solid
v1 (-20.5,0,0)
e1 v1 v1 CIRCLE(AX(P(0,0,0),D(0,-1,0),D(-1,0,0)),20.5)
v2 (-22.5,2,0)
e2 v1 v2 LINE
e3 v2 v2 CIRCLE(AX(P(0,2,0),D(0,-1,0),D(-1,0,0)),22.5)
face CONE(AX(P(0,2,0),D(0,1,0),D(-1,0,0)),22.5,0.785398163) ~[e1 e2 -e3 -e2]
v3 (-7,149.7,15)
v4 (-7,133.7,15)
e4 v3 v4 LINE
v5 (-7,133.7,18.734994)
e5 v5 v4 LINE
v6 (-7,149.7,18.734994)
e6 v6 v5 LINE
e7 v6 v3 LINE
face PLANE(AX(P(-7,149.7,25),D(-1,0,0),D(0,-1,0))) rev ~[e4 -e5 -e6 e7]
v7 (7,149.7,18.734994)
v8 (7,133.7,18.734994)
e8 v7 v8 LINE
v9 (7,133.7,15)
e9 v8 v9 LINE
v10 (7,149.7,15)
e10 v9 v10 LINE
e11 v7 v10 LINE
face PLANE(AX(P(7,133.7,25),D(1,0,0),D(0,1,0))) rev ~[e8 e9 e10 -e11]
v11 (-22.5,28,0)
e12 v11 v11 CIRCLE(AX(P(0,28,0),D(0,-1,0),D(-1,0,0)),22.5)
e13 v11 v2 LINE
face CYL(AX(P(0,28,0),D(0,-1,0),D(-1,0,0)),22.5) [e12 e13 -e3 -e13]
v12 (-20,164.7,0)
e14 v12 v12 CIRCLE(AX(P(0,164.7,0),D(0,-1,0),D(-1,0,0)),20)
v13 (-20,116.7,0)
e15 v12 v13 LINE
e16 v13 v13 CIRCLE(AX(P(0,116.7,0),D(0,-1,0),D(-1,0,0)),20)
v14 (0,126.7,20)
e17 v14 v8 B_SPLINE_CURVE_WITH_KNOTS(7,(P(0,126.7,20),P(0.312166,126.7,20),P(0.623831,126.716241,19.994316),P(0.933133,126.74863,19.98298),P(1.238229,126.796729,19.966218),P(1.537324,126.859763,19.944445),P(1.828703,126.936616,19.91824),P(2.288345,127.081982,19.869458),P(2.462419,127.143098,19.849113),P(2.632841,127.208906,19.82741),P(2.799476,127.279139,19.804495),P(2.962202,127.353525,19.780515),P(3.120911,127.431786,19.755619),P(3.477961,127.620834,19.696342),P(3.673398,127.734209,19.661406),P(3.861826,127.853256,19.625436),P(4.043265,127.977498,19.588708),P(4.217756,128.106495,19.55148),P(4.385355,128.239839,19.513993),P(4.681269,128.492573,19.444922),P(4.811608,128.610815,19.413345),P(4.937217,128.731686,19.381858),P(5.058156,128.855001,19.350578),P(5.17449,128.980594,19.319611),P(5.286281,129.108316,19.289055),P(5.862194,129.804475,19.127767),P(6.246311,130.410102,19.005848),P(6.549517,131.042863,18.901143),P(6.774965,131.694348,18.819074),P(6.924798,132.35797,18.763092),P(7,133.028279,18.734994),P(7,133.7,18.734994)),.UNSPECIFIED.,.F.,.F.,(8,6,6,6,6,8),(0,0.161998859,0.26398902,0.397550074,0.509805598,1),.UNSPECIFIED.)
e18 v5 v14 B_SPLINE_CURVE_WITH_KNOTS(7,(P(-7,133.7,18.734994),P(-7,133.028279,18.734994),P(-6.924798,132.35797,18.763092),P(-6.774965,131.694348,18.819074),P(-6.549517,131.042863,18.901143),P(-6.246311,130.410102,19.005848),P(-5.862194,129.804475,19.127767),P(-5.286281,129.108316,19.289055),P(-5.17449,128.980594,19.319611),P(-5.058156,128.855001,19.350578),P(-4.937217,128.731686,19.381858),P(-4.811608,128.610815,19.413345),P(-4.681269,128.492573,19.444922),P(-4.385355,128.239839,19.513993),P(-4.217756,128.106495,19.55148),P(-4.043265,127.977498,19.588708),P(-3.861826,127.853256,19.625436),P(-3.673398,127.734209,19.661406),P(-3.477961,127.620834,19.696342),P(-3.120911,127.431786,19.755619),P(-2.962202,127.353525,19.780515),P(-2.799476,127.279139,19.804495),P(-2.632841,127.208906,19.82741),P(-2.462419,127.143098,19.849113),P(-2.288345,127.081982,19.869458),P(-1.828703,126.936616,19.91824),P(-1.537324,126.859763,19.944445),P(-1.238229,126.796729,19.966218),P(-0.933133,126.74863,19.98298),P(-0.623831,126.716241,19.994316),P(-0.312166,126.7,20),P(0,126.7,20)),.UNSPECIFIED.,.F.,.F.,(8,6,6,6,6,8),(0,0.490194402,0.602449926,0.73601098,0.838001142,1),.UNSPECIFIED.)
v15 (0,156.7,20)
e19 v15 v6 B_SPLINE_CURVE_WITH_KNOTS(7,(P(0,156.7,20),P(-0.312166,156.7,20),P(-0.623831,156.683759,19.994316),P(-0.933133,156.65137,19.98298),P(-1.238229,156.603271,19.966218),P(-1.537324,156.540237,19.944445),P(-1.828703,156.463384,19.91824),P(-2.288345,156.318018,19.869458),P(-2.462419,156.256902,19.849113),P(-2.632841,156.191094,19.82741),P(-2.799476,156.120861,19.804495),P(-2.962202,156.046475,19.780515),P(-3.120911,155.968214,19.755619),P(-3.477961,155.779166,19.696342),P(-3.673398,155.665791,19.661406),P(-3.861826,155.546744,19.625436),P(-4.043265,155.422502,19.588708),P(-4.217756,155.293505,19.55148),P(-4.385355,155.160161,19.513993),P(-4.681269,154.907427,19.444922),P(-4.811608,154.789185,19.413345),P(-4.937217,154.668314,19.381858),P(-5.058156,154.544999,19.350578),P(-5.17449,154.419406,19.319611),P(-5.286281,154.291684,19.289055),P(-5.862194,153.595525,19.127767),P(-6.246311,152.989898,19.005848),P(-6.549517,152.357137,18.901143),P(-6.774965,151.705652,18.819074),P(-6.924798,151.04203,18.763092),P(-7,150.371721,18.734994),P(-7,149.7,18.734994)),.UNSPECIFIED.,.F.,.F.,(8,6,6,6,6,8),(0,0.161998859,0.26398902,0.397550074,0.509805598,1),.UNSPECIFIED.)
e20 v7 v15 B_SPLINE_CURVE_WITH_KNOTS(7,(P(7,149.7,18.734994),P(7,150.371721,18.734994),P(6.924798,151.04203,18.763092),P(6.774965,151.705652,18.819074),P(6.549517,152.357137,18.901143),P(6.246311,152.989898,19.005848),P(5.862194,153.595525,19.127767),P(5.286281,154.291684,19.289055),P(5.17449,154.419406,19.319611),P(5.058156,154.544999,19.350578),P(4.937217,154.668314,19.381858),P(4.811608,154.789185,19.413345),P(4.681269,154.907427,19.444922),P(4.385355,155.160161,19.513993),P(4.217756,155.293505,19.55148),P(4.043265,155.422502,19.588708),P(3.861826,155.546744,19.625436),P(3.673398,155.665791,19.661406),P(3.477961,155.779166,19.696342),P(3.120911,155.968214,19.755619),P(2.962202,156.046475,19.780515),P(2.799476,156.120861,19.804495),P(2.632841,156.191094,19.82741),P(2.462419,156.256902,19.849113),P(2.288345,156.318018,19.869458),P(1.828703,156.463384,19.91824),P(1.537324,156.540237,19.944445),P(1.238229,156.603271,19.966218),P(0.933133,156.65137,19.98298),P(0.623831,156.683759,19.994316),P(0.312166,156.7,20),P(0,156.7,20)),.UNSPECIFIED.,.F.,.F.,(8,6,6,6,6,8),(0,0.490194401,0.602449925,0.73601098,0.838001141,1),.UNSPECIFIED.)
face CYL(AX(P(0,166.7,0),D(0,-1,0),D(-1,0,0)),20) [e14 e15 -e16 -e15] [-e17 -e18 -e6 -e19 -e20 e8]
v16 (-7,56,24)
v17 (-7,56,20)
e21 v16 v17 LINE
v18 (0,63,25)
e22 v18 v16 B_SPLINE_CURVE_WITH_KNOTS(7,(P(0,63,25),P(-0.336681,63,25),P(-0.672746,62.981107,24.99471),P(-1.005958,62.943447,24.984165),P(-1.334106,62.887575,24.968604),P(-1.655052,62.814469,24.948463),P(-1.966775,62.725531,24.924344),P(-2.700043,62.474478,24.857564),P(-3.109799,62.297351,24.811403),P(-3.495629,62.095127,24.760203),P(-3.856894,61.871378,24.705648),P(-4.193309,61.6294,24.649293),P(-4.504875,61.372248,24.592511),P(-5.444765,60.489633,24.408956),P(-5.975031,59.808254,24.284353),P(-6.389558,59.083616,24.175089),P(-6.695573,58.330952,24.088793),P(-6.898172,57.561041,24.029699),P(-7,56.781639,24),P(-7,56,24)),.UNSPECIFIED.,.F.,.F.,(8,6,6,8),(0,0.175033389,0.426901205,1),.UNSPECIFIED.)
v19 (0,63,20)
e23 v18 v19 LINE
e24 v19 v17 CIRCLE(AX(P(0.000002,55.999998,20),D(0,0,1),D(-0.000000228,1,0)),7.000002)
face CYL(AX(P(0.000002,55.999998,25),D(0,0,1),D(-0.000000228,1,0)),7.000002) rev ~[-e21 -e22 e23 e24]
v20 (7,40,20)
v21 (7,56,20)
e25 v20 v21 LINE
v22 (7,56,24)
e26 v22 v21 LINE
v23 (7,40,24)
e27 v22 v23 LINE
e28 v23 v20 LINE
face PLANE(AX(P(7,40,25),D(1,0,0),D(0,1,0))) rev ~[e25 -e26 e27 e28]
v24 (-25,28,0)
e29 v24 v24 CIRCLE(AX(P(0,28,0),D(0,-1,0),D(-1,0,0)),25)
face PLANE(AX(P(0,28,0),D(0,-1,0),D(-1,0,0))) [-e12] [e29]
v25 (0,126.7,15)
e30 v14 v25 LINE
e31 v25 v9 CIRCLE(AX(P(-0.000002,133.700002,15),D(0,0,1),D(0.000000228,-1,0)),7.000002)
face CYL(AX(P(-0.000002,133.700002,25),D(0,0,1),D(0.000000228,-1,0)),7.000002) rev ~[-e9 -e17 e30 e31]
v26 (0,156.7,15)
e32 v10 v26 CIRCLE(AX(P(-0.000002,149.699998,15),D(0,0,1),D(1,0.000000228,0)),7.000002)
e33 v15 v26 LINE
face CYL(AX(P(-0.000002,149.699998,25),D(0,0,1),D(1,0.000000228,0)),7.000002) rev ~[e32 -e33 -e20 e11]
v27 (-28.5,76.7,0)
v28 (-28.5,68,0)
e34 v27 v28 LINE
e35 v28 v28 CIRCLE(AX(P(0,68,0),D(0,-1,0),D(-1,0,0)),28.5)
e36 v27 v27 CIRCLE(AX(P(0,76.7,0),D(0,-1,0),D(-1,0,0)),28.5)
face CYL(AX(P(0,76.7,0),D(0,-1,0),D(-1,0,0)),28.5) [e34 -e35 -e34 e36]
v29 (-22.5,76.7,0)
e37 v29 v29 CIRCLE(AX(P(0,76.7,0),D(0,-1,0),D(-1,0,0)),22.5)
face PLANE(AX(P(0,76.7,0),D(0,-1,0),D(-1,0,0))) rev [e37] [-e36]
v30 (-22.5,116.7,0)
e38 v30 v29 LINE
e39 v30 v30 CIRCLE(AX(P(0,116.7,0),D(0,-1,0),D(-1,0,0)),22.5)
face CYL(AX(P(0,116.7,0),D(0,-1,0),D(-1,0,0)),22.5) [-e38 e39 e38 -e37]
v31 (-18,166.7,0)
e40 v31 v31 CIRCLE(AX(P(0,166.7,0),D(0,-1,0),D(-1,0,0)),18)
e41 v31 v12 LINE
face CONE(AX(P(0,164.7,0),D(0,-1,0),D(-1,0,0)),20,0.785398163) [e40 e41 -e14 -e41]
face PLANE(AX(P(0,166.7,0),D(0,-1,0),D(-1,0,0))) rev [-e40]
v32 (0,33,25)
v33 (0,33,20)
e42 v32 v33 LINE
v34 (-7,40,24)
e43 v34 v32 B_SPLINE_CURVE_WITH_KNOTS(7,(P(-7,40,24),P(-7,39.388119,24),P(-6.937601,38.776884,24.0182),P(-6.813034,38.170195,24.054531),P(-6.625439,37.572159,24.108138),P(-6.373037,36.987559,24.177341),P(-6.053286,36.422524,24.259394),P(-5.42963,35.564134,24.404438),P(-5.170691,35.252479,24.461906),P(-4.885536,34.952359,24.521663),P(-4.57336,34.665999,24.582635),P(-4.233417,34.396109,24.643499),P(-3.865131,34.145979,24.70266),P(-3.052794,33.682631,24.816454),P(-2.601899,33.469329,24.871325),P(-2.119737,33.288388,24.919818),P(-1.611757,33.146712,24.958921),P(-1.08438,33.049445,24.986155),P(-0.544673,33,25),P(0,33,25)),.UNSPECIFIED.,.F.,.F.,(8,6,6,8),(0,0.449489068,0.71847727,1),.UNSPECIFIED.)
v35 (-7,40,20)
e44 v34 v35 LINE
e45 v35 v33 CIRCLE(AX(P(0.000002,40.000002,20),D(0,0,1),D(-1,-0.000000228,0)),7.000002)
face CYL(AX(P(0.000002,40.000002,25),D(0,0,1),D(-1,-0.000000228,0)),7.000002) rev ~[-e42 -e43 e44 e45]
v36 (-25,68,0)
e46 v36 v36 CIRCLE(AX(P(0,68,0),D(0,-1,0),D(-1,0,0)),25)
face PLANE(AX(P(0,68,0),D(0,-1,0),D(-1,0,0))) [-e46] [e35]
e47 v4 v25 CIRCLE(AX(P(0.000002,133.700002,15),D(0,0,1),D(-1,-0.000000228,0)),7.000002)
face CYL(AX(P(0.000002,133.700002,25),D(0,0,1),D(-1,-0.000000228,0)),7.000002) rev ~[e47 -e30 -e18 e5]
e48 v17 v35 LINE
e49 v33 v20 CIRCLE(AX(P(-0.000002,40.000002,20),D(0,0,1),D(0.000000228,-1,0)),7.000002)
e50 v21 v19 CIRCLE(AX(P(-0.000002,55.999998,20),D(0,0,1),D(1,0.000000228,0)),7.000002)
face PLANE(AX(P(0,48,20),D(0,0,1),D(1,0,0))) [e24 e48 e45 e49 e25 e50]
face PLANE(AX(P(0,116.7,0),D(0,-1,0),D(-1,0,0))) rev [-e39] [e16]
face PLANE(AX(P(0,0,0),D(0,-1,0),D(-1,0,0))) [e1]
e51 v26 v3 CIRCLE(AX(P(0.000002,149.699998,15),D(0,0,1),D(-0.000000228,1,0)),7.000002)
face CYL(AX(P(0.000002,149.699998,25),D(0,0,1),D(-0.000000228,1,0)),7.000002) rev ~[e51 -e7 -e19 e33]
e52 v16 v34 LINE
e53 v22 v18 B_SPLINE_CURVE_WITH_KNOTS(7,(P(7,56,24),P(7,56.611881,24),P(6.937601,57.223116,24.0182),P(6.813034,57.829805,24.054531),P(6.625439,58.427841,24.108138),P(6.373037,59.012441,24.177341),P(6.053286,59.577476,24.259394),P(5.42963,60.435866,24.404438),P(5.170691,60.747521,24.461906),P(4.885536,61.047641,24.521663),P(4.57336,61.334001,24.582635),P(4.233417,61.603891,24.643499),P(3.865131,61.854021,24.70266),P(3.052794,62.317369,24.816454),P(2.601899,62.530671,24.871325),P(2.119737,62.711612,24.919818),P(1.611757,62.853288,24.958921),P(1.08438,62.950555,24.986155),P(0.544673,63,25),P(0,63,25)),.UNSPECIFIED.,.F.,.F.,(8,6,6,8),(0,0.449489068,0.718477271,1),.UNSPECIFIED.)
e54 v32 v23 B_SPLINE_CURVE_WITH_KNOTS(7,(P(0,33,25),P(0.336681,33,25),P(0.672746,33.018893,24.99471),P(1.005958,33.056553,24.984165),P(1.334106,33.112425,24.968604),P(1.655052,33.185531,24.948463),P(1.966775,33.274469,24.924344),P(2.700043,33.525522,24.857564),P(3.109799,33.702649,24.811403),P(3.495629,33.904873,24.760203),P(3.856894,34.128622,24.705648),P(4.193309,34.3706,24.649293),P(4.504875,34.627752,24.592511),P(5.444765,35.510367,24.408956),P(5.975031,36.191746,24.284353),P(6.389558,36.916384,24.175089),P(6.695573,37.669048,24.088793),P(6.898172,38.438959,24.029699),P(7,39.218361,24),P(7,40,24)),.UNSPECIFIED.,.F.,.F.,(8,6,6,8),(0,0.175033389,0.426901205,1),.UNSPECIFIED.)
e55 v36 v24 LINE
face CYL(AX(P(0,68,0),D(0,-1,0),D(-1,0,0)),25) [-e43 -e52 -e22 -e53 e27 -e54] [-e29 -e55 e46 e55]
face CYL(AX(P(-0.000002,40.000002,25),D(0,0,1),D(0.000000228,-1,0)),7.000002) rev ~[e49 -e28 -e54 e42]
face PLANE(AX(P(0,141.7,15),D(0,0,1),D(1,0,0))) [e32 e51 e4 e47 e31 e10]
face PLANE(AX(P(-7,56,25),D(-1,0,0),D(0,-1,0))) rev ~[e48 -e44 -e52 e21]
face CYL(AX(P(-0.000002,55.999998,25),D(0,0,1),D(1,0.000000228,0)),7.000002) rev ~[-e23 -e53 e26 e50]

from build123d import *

# Parameters (mm, degrees)
F2_SIZE  = 2
F5_DEPTH = 5
F6_DEPTH = 10


with BuildPart() as f1:
    # F0 (on Top) → F1 (revolve)
    with BuildSketch(Plane.XY):
        Polygon((-22.5, 0), (0, 0), (0, 166.7), (-20, 166.7), (-20, 116.7), (-22.5, 116.7), (-22.5, 76.7), (-28.5, 76.7), (-28.5, 68), (-25, 68), (-25, 28), (-22.5, 28), align=None)
    revolve(axis=Axis((0, 59.789897, 0), (0, -1, 0)))

    # F2
    f2_edges = [f1.edges().sort_by_distance(p)[0] for p in [
        (20, 166.7, 0),
        (22.5, 0, 0),
    ]]
    chamfer(f2_edges, length=F2_SIZE)

    # F4 (on offset) → F5 (cut)
    with BuildSketch(Plane.XY.offset(25)):
        with BuildLine():
            Line((7, 40), (7, 56))
            ThreePointArc((7, 56), (4.949747, 60.949747), (0, 63))
            ThreePointArc((0, 63), (-4.949747, 60.949747), (-7, 56))
            Line((-7, 56), (-7, 40))
            ThreePointArc((-7, 40), (-4.949747, 35.050253), (0, 33))
            ThreePointArc((0, 33), (4.949747, 35.050253), (7, 40))
        make_face()
    extrude(amount=-F5_DEPTH, mode=Mode.SUBTRACT)

    # F4 (on offset) → F6 (cut)
    with BuildSketch(Plane.XY.offset(25)):
        with BuildLine():
            Line((7, 133.7), (7, 149.7))
            ThreePointArc((7, 149.7), (4.949747, 154.649747), (0, 156.7))
            ThreePointArc((0, 156.7), (-4.949747, 154.649747), (-7, 149.7))
            Line((-7, 149.7), (-7, 133.7))
            ThreePointArc((-7, 133.7), (-4.949747, 128.750253), (0, 126.7))
            ThreePointArc((0, 126.7), (4.949747, 128.750253), (7, 133.7))
        make_face()
    extrude(amount=-F6_DEPTH, mode=Mode.SUBTRACT)


solid = f1.part
